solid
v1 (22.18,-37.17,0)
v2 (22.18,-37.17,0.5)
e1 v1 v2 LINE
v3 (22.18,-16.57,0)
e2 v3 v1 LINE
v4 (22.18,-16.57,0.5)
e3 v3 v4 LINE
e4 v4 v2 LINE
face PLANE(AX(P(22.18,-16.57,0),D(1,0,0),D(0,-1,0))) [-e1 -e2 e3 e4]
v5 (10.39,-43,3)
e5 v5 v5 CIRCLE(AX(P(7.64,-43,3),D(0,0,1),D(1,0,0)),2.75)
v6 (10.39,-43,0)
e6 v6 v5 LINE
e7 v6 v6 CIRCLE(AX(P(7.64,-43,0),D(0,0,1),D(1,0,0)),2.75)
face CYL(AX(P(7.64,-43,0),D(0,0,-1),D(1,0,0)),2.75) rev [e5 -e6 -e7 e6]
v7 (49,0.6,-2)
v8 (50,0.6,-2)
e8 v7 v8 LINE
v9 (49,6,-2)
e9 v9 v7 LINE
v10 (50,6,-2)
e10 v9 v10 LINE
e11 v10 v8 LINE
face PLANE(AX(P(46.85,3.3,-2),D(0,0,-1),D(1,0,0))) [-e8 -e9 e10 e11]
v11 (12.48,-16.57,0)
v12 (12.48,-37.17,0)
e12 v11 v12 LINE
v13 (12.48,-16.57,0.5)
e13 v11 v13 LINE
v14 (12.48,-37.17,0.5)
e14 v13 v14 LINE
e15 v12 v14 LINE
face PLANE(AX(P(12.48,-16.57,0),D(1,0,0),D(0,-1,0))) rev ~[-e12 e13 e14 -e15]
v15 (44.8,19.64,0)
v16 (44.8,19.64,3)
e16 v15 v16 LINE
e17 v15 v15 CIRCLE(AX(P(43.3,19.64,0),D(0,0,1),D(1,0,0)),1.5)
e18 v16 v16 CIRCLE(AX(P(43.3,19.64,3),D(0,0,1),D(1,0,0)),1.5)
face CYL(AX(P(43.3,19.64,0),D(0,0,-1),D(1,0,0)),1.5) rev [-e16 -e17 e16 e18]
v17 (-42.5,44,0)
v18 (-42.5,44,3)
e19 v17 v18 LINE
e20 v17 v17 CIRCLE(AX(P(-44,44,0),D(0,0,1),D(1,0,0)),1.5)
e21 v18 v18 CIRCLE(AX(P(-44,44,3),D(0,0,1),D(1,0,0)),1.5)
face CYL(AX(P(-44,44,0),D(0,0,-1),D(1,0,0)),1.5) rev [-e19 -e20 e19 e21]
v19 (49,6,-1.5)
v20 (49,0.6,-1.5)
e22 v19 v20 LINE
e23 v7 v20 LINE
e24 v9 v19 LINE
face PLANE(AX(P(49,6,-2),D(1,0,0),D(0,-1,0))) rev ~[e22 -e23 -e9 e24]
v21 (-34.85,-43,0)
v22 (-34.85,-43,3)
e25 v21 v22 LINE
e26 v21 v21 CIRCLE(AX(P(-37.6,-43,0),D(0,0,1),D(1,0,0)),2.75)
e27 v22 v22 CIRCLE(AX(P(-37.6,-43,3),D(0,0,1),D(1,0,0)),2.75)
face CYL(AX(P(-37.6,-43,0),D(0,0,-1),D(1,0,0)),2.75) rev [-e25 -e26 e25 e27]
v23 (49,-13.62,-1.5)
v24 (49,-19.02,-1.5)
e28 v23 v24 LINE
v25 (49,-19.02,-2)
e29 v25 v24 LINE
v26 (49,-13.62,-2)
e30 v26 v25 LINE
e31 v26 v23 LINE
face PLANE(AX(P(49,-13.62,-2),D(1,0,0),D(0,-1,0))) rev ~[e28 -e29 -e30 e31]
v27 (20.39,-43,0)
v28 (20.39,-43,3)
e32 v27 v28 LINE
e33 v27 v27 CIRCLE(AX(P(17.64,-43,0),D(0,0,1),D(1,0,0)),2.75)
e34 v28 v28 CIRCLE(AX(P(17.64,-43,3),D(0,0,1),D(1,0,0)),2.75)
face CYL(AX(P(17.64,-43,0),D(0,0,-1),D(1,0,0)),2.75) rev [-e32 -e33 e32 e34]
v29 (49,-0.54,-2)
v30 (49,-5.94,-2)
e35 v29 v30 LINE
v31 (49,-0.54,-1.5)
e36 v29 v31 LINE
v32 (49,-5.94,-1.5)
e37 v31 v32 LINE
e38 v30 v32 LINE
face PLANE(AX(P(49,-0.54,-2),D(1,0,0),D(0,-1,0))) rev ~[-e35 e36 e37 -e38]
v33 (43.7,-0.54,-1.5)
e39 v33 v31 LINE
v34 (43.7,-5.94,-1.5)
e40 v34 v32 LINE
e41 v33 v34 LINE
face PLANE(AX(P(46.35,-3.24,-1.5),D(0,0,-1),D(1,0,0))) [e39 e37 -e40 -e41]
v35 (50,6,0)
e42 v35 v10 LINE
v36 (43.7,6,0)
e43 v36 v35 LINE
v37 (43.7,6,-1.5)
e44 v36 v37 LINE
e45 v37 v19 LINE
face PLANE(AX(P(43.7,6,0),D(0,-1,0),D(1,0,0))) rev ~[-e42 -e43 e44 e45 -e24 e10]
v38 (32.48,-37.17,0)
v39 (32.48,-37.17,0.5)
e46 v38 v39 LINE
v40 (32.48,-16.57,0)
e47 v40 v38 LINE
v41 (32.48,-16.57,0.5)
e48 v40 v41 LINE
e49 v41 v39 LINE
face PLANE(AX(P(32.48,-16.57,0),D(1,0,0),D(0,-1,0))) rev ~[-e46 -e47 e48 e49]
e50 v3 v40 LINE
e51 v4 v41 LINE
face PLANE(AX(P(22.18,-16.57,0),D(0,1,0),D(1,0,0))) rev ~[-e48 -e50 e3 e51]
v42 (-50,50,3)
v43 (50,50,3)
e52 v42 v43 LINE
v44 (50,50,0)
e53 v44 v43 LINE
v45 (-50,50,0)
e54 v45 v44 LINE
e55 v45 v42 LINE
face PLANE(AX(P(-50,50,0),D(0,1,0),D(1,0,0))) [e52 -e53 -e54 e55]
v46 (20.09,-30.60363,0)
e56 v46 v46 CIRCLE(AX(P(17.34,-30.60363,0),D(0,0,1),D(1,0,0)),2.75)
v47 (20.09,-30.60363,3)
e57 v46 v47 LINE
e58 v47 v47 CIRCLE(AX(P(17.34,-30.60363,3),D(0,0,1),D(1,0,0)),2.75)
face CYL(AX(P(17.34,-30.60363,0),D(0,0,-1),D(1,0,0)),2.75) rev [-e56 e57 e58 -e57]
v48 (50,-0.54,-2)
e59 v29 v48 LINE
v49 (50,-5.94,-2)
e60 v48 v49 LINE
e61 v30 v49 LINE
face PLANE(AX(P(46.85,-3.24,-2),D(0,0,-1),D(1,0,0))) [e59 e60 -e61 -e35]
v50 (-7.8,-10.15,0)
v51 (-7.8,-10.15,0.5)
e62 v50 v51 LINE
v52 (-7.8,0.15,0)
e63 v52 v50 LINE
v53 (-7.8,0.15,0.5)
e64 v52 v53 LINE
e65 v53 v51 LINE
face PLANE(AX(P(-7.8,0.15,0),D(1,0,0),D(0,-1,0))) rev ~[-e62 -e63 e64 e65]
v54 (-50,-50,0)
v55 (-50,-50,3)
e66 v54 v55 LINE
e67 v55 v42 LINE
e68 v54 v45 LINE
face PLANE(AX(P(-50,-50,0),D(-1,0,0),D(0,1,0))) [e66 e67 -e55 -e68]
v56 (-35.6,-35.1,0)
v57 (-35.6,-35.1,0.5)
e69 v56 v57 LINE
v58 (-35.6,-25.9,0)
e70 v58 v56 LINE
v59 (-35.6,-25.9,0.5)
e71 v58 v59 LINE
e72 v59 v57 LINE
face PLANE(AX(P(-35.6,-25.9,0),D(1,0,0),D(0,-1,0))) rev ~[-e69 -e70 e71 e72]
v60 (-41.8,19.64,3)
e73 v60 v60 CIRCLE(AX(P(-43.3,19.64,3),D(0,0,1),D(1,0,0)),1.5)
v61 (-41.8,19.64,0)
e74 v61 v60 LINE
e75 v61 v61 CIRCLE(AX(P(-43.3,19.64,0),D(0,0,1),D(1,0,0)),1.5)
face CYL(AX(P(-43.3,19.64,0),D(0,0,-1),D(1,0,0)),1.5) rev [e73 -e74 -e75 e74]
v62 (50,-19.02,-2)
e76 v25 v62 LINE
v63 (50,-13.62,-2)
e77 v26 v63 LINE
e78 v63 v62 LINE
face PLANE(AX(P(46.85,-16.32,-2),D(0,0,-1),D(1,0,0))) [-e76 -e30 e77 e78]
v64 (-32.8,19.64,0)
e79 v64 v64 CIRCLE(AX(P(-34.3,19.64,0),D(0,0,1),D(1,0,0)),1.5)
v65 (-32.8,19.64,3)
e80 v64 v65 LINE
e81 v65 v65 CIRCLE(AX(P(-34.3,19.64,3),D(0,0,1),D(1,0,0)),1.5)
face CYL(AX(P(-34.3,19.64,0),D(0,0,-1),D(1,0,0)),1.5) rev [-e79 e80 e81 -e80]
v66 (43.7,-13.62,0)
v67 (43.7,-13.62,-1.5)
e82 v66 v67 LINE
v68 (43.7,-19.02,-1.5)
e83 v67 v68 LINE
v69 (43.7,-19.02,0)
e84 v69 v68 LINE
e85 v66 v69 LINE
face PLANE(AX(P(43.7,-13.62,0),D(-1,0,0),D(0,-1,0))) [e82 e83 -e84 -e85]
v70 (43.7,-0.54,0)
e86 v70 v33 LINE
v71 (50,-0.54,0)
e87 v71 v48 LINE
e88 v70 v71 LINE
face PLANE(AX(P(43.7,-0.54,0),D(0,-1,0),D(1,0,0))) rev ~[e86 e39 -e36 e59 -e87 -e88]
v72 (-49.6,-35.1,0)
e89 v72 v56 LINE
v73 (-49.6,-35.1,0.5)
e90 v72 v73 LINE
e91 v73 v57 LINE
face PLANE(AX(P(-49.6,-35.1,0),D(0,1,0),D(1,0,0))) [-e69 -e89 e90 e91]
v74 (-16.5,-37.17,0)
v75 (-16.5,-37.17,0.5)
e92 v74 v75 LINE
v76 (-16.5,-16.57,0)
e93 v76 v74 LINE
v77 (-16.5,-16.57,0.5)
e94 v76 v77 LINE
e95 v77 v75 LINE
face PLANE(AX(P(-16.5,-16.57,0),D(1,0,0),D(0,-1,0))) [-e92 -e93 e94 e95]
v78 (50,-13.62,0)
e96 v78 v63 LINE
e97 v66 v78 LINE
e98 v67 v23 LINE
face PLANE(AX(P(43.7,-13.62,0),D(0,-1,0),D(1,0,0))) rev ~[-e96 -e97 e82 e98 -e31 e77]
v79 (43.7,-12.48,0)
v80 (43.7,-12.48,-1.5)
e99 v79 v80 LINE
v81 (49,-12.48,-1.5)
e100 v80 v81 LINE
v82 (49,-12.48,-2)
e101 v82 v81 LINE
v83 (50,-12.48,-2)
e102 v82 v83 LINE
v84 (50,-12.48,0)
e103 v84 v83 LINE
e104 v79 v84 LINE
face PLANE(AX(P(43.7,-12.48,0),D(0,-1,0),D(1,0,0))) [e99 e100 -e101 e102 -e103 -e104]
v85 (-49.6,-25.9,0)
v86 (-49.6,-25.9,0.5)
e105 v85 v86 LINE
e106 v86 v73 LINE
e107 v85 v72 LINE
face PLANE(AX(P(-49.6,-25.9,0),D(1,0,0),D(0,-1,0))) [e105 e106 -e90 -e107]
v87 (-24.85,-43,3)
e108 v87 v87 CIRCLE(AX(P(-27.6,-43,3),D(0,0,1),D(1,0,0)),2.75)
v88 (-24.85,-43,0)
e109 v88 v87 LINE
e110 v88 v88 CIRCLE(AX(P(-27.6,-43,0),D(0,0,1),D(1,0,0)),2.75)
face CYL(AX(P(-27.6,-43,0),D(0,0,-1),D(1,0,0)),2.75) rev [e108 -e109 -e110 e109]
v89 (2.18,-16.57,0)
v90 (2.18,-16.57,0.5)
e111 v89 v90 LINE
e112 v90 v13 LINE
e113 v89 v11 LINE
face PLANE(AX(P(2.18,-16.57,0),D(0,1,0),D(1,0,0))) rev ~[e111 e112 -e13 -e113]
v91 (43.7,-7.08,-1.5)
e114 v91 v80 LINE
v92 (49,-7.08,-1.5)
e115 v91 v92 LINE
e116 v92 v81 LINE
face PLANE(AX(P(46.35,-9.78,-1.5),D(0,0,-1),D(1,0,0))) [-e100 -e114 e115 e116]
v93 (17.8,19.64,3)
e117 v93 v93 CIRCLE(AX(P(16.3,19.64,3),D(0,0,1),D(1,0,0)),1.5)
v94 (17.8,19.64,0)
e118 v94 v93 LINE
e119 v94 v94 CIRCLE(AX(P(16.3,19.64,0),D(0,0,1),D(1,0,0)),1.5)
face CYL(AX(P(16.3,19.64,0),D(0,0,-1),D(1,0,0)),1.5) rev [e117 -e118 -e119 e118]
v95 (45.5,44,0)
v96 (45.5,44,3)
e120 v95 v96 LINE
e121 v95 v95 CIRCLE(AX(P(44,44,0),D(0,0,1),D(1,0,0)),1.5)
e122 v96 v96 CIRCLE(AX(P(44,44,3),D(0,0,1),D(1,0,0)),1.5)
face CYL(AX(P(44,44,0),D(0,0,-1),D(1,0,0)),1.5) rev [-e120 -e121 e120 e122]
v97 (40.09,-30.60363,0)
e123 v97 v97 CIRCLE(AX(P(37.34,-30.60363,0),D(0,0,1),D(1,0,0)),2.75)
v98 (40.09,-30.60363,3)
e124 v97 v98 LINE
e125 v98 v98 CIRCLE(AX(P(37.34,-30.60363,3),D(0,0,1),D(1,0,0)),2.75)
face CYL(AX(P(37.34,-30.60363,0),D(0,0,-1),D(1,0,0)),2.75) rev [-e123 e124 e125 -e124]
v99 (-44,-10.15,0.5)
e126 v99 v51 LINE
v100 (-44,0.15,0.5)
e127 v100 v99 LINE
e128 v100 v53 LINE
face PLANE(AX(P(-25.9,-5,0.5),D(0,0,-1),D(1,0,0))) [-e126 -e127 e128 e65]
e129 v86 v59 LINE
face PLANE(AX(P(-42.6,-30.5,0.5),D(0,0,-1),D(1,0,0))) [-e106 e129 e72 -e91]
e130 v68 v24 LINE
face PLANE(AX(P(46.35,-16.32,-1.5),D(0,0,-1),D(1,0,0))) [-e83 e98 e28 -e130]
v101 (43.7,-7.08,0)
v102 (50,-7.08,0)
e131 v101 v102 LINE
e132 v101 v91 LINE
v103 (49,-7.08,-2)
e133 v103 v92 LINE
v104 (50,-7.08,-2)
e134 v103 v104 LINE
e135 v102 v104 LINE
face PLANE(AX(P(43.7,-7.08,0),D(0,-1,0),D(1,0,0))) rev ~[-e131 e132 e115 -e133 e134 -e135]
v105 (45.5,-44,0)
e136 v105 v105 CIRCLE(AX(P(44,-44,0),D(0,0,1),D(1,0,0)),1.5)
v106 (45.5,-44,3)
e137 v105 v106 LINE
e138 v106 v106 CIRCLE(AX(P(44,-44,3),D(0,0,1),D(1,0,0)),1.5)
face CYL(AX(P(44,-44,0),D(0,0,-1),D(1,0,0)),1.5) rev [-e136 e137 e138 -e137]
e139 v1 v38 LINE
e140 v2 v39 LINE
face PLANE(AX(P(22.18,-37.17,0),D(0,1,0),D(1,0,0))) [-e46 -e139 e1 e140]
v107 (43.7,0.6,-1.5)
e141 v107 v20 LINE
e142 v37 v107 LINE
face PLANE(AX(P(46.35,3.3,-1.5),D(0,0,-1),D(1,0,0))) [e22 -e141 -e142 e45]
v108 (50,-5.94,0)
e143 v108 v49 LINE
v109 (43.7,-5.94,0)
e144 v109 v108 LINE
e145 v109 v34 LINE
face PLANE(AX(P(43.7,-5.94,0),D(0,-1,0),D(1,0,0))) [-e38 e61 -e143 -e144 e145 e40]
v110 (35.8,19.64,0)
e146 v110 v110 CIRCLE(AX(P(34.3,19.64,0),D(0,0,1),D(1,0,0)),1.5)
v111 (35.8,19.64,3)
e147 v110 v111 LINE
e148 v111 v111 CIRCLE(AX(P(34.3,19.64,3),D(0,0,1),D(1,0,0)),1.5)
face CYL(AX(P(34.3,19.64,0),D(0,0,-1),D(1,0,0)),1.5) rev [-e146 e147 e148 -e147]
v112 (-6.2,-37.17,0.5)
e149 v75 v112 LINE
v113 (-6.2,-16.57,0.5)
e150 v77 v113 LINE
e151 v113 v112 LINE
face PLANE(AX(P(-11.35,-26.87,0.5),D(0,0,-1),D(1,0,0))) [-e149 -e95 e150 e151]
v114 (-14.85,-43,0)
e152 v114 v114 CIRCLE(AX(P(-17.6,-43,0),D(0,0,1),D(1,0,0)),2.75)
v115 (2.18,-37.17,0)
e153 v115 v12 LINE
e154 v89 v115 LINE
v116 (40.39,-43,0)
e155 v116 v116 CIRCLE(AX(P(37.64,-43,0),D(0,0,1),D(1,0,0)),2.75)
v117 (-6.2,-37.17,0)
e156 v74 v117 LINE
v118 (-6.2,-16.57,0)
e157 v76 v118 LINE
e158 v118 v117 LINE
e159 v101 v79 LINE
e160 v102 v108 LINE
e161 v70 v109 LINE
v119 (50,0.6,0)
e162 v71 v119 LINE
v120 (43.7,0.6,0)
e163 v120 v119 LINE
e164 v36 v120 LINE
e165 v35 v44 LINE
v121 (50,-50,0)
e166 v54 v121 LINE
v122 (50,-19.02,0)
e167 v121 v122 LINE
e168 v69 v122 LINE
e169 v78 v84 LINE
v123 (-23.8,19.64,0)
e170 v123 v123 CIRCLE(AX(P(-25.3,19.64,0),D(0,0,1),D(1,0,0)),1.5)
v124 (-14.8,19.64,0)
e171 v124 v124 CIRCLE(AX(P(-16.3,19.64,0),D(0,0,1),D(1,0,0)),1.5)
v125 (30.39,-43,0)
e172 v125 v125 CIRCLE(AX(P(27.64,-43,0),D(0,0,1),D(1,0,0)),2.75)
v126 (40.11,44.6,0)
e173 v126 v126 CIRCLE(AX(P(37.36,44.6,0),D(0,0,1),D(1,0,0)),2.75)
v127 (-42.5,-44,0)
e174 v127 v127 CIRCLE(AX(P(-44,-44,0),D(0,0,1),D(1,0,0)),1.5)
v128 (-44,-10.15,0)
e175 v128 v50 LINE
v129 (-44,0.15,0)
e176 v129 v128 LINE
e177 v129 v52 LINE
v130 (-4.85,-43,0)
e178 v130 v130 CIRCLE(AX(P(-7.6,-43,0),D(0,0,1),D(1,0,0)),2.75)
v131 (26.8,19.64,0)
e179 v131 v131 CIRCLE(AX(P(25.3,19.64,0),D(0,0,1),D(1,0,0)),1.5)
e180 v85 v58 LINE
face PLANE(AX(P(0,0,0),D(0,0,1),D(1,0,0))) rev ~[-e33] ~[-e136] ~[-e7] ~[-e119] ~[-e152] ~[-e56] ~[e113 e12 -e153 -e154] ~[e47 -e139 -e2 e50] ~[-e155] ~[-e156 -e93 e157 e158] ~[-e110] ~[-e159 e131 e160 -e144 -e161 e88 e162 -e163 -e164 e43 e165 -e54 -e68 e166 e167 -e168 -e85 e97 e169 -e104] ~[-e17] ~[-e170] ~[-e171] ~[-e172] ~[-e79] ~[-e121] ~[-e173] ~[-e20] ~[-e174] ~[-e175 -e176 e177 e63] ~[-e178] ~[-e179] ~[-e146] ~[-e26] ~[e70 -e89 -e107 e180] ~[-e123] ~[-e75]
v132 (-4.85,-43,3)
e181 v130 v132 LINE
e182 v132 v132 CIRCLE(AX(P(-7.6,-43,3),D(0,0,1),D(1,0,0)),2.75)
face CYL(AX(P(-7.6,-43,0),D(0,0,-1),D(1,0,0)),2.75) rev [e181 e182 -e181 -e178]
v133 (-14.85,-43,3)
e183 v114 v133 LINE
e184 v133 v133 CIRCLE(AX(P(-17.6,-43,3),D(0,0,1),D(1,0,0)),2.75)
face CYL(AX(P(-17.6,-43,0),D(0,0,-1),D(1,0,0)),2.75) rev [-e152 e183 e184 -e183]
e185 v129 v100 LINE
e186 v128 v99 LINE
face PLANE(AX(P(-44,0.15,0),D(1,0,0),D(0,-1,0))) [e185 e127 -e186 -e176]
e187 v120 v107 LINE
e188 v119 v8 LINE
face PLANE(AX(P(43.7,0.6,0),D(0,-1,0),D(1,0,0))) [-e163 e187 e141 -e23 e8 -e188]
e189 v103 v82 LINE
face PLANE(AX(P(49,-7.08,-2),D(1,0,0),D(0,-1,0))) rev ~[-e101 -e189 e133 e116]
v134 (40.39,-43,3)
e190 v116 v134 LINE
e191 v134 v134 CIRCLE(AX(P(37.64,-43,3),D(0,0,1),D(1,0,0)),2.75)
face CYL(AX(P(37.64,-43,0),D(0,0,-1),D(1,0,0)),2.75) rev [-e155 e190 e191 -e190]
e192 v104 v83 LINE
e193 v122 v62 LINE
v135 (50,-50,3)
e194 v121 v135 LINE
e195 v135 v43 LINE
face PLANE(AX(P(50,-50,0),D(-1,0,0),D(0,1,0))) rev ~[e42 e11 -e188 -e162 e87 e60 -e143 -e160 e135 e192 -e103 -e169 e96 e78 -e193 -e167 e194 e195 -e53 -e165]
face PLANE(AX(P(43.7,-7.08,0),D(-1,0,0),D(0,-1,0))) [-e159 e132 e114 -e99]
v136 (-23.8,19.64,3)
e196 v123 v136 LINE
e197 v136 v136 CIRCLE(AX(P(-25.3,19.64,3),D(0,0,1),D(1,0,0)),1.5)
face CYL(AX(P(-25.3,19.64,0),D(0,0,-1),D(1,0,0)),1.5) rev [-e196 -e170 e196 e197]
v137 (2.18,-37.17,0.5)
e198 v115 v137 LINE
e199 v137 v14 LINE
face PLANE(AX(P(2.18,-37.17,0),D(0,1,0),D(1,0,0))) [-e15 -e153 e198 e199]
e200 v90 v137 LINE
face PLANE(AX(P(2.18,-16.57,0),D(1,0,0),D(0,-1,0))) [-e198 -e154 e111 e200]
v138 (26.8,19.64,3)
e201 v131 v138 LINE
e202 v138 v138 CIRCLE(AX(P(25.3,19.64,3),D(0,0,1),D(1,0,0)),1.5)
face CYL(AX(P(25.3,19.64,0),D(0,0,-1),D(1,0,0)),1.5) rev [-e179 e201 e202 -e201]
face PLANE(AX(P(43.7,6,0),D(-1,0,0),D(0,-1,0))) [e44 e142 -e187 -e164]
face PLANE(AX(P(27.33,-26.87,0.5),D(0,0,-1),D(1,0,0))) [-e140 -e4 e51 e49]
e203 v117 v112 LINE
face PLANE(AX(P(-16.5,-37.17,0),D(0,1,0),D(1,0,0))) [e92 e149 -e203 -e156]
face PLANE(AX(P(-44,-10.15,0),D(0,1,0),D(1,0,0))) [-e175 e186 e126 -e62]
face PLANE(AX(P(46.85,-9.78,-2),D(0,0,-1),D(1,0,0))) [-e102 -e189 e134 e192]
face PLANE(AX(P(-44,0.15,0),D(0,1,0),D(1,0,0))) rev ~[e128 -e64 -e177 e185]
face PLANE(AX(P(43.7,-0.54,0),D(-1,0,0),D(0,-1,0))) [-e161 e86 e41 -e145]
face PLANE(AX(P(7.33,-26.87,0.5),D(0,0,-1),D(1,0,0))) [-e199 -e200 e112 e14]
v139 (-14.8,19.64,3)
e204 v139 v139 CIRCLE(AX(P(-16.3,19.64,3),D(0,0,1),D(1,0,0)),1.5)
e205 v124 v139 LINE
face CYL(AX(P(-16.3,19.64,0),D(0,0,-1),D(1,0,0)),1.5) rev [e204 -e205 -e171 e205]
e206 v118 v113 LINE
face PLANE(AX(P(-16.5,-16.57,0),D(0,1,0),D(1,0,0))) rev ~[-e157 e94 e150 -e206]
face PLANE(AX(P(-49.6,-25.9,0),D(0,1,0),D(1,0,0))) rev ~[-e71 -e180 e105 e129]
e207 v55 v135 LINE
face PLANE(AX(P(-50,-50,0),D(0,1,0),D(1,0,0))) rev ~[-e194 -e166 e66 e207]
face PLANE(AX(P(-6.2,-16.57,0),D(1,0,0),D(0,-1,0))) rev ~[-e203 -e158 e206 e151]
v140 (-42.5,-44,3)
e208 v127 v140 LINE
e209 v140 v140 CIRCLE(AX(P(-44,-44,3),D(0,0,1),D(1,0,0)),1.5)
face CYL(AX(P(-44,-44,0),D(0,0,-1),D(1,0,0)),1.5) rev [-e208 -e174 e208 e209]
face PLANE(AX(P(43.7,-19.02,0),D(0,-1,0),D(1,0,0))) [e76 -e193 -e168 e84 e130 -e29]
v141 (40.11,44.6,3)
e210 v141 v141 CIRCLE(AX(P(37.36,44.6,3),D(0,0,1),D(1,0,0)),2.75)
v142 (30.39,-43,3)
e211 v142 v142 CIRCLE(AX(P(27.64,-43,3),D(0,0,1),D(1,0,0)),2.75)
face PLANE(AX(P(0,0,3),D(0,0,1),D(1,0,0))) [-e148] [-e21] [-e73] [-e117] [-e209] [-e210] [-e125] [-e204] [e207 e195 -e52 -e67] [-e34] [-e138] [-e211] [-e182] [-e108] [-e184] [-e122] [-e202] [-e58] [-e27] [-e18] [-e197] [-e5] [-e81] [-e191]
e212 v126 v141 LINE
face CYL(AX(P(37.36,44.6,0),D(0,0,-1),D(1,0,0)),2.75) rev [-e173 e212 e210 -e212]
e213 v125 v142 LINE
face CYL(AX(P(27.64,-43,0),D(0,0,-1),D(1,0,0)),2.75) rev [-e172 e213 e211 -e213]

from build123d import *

# Parameters (mm, degrees)
SKETCH_W        = 100
SKETCH_H        = 100
SKETCH_R        = 1.5
SKETCH_R_2      = 2.75
PAD_DEPTH       = 3
SKETCH001_W     = 14
SKETCH001_H     = 9.2
SKETCH001_W_2   = 10.3
SKETCH001_H_2   = 20.6
SKETCH001_W_3   = 36.2
SKETCH001_H_3   = 10.3
POCKET_DEPTH    = 0.5
SKETCH002_W     = 6.3
SKETCH002_H     = 5.4
PAD001_DEPTH    = 2
SKETCH003_W     = 5.3
SKETCH003_H     = 5.4
POCKET001_DEPTH = 0.5


with BuildPart() as part:
    # Sketch → Pad (new body)
    with BuildSketch(Plane.XY):
        Rectangle(SKETCH_W, SKETCH_H)
        with Locations((-44, 44)):
            Circle(SKETCH_R, mode=Mode.SUBTRACT)
        with Locations((44, 44)):
            Circle(SKETCH_R, mode=Mode.SUBTRACT)
        with Locations((44, -44)):
            Circle(SKETCH_R, mode=Mode.SUBTRACT)
        with Locations((-44, -44)):
            Circle(SKETCH_R, mode=Mode.SUBTRACT)
        with Locations((-43.3, 19.64)):
            Circle(SKETCH_R, mode=Mode.SUBTRACT)
        with Locations((-34.3, 19.64)):
            Circle(SKETCH_R, mode=Mode.SUBTRACT)
        with Locations((16.3, 19.64)):
            Circle(SKETCH_R, mode=Mode.SUBTRACT)
        with Locations((25.3, 19.64)):
            Circle(SKETCH_R, mode=Mode.SUBTRACT)
        with Locations((34.3, 19.64)):
            Circle(SKETCH_R, mode=Mode.SUBTRACT)
        with Locations((43.3, 19.64)):
            Circle(SKETCH_R, mode=Mode.SUBTRACT)
        with Locations((-25.3, 19.64)):
            Circle(SKETCH_R, mode=Mode.SUBTRACT)
        with Locations((-16.3, 19.64)):
            Circle(SKETCH_R, mode=Mode.SUBTRACT)
        with Locations((-37.6, -43)):
            Circle(SKETCH_R_2, mode=Mode.SUBTRACT)
        with Locations((-27.6, -43)):
            Circle(SKETCH_R_2, mode=Mode.SUBTRACT)
        with Locations((-17.6, -43)):
            Circle(SKETCH_R_2, mode=Mode.SUBTRACT)
        with Locations((-7.6, -43)):
            Circle(SKETCH_R_2, mode=Mode.SUBTRACT)
        with Locations((7.64, -43)):
            Circle(SKETCH_R_2, mode=Mode.SUBTRACT)
        with Locations((27.64, -43)):
            Circle(SKETCH_R_2, mode=Mode.SUBTRACT)
        with Locations((37.64, -43)):
            Circle(SKETCH_R_2, mode=Mode.SUBTRACT)
        with Locations((17.64, -43)):
            Circle(SKETCH_R_2, mode=Mode.SUBTRACT)
        with Locations((37.36, 44.6)):
            Circle(SKETCH_R_2, mode=Mode.SUBTRACT)
        with Locations((37.34, -30.60363)):
            Circle(SKETCH_R_2, mode=Mode.SUBTRACT)
        with Locations((17.34, -30.60363)):
            Circle(SKETCH_R_2, mode=Mode.SUBTRACT)
    extrude(amount=PAD_DEPTH)

    # Sketch001 (on Face28 of Pad) → Pocket (cut)
    with BuildSketch(Plane(origin=(0, 0, 0), x_dir=(1, 0, 0), z_dir=(0, 0, -1))):
        with Locations((-42.6, 30.5)):
            Rectangle(SKETCH001_W, SKETCH001_H)
        with Locations((-11.35, 26.87)):
            Rectangle(SKETCH001_W_2, SKETCH001_H_2)
        with Locations((7.33, 26.87)):
            Rectangle(SKETCH001_W_2, SKETCH001_H_2)
        with Locations((27.33, 26.87)):
            Rectangle(SKETCH001_W_2, SKETCH001_H_2)
        with Locations((-25.9, 5)):
            Rectangle(SKETCH001_W_3, SKETCH001_H_3)
    extrude(amount=-POCKET_DEPTH, mode=Mode.SUBTRACT)

    # Sketch002 (on Face4 of Pocket) → Pad001 (join)
    with BuildSketch(Plane(origin=(0, 0, 0), x_dir=(1, 0, 0), z_dir=(0, 0, -1))):
        with Locations((46.85, -3.3)):
            Rectangle(SKETCH002_W, SKETCH002_H)
        with Locations((46.85, 3.24)):
            Rectangle(SKETCH002_W, SKETCH002_H)
        with Locations((46.85, 9.78)):
            Rectangle(SKETCH002_W, SKETCH002_H)
        with Locations((46.85, 16.32)):
            Rectangle(SKETCH002_W, SKETCH002_H)
    extrude(amount=PAD001_DEPTH)

    # Sketch003 (on Face61 of Pad001) → Pocket001 (cut)
    with BuildSketch(Plane(origin=(0, 0, -2), x_dir=(1, 0, 0), z_dir=(0, 0, -1))):
        with Locations((46.35, -3.3)):
            Rectangle(SKETCH003_W, SKETCH003_H)
        with Locations((46.35, 3.24)):
            Rectangle(SKETCH003_W, SKETCH003_H)
        with Locations((46.35, 9.78)):
            Rectangle(SKETCH003_W, SKETCH003_H)
        with Locations((46.35, 16.32)):
            Rectangle(SKETCH003_W, SKETCH003_H)
    extrude(amount=-POCKET001_DEPTH, mode=Mode.SUBTRACT)


solid = part.part
